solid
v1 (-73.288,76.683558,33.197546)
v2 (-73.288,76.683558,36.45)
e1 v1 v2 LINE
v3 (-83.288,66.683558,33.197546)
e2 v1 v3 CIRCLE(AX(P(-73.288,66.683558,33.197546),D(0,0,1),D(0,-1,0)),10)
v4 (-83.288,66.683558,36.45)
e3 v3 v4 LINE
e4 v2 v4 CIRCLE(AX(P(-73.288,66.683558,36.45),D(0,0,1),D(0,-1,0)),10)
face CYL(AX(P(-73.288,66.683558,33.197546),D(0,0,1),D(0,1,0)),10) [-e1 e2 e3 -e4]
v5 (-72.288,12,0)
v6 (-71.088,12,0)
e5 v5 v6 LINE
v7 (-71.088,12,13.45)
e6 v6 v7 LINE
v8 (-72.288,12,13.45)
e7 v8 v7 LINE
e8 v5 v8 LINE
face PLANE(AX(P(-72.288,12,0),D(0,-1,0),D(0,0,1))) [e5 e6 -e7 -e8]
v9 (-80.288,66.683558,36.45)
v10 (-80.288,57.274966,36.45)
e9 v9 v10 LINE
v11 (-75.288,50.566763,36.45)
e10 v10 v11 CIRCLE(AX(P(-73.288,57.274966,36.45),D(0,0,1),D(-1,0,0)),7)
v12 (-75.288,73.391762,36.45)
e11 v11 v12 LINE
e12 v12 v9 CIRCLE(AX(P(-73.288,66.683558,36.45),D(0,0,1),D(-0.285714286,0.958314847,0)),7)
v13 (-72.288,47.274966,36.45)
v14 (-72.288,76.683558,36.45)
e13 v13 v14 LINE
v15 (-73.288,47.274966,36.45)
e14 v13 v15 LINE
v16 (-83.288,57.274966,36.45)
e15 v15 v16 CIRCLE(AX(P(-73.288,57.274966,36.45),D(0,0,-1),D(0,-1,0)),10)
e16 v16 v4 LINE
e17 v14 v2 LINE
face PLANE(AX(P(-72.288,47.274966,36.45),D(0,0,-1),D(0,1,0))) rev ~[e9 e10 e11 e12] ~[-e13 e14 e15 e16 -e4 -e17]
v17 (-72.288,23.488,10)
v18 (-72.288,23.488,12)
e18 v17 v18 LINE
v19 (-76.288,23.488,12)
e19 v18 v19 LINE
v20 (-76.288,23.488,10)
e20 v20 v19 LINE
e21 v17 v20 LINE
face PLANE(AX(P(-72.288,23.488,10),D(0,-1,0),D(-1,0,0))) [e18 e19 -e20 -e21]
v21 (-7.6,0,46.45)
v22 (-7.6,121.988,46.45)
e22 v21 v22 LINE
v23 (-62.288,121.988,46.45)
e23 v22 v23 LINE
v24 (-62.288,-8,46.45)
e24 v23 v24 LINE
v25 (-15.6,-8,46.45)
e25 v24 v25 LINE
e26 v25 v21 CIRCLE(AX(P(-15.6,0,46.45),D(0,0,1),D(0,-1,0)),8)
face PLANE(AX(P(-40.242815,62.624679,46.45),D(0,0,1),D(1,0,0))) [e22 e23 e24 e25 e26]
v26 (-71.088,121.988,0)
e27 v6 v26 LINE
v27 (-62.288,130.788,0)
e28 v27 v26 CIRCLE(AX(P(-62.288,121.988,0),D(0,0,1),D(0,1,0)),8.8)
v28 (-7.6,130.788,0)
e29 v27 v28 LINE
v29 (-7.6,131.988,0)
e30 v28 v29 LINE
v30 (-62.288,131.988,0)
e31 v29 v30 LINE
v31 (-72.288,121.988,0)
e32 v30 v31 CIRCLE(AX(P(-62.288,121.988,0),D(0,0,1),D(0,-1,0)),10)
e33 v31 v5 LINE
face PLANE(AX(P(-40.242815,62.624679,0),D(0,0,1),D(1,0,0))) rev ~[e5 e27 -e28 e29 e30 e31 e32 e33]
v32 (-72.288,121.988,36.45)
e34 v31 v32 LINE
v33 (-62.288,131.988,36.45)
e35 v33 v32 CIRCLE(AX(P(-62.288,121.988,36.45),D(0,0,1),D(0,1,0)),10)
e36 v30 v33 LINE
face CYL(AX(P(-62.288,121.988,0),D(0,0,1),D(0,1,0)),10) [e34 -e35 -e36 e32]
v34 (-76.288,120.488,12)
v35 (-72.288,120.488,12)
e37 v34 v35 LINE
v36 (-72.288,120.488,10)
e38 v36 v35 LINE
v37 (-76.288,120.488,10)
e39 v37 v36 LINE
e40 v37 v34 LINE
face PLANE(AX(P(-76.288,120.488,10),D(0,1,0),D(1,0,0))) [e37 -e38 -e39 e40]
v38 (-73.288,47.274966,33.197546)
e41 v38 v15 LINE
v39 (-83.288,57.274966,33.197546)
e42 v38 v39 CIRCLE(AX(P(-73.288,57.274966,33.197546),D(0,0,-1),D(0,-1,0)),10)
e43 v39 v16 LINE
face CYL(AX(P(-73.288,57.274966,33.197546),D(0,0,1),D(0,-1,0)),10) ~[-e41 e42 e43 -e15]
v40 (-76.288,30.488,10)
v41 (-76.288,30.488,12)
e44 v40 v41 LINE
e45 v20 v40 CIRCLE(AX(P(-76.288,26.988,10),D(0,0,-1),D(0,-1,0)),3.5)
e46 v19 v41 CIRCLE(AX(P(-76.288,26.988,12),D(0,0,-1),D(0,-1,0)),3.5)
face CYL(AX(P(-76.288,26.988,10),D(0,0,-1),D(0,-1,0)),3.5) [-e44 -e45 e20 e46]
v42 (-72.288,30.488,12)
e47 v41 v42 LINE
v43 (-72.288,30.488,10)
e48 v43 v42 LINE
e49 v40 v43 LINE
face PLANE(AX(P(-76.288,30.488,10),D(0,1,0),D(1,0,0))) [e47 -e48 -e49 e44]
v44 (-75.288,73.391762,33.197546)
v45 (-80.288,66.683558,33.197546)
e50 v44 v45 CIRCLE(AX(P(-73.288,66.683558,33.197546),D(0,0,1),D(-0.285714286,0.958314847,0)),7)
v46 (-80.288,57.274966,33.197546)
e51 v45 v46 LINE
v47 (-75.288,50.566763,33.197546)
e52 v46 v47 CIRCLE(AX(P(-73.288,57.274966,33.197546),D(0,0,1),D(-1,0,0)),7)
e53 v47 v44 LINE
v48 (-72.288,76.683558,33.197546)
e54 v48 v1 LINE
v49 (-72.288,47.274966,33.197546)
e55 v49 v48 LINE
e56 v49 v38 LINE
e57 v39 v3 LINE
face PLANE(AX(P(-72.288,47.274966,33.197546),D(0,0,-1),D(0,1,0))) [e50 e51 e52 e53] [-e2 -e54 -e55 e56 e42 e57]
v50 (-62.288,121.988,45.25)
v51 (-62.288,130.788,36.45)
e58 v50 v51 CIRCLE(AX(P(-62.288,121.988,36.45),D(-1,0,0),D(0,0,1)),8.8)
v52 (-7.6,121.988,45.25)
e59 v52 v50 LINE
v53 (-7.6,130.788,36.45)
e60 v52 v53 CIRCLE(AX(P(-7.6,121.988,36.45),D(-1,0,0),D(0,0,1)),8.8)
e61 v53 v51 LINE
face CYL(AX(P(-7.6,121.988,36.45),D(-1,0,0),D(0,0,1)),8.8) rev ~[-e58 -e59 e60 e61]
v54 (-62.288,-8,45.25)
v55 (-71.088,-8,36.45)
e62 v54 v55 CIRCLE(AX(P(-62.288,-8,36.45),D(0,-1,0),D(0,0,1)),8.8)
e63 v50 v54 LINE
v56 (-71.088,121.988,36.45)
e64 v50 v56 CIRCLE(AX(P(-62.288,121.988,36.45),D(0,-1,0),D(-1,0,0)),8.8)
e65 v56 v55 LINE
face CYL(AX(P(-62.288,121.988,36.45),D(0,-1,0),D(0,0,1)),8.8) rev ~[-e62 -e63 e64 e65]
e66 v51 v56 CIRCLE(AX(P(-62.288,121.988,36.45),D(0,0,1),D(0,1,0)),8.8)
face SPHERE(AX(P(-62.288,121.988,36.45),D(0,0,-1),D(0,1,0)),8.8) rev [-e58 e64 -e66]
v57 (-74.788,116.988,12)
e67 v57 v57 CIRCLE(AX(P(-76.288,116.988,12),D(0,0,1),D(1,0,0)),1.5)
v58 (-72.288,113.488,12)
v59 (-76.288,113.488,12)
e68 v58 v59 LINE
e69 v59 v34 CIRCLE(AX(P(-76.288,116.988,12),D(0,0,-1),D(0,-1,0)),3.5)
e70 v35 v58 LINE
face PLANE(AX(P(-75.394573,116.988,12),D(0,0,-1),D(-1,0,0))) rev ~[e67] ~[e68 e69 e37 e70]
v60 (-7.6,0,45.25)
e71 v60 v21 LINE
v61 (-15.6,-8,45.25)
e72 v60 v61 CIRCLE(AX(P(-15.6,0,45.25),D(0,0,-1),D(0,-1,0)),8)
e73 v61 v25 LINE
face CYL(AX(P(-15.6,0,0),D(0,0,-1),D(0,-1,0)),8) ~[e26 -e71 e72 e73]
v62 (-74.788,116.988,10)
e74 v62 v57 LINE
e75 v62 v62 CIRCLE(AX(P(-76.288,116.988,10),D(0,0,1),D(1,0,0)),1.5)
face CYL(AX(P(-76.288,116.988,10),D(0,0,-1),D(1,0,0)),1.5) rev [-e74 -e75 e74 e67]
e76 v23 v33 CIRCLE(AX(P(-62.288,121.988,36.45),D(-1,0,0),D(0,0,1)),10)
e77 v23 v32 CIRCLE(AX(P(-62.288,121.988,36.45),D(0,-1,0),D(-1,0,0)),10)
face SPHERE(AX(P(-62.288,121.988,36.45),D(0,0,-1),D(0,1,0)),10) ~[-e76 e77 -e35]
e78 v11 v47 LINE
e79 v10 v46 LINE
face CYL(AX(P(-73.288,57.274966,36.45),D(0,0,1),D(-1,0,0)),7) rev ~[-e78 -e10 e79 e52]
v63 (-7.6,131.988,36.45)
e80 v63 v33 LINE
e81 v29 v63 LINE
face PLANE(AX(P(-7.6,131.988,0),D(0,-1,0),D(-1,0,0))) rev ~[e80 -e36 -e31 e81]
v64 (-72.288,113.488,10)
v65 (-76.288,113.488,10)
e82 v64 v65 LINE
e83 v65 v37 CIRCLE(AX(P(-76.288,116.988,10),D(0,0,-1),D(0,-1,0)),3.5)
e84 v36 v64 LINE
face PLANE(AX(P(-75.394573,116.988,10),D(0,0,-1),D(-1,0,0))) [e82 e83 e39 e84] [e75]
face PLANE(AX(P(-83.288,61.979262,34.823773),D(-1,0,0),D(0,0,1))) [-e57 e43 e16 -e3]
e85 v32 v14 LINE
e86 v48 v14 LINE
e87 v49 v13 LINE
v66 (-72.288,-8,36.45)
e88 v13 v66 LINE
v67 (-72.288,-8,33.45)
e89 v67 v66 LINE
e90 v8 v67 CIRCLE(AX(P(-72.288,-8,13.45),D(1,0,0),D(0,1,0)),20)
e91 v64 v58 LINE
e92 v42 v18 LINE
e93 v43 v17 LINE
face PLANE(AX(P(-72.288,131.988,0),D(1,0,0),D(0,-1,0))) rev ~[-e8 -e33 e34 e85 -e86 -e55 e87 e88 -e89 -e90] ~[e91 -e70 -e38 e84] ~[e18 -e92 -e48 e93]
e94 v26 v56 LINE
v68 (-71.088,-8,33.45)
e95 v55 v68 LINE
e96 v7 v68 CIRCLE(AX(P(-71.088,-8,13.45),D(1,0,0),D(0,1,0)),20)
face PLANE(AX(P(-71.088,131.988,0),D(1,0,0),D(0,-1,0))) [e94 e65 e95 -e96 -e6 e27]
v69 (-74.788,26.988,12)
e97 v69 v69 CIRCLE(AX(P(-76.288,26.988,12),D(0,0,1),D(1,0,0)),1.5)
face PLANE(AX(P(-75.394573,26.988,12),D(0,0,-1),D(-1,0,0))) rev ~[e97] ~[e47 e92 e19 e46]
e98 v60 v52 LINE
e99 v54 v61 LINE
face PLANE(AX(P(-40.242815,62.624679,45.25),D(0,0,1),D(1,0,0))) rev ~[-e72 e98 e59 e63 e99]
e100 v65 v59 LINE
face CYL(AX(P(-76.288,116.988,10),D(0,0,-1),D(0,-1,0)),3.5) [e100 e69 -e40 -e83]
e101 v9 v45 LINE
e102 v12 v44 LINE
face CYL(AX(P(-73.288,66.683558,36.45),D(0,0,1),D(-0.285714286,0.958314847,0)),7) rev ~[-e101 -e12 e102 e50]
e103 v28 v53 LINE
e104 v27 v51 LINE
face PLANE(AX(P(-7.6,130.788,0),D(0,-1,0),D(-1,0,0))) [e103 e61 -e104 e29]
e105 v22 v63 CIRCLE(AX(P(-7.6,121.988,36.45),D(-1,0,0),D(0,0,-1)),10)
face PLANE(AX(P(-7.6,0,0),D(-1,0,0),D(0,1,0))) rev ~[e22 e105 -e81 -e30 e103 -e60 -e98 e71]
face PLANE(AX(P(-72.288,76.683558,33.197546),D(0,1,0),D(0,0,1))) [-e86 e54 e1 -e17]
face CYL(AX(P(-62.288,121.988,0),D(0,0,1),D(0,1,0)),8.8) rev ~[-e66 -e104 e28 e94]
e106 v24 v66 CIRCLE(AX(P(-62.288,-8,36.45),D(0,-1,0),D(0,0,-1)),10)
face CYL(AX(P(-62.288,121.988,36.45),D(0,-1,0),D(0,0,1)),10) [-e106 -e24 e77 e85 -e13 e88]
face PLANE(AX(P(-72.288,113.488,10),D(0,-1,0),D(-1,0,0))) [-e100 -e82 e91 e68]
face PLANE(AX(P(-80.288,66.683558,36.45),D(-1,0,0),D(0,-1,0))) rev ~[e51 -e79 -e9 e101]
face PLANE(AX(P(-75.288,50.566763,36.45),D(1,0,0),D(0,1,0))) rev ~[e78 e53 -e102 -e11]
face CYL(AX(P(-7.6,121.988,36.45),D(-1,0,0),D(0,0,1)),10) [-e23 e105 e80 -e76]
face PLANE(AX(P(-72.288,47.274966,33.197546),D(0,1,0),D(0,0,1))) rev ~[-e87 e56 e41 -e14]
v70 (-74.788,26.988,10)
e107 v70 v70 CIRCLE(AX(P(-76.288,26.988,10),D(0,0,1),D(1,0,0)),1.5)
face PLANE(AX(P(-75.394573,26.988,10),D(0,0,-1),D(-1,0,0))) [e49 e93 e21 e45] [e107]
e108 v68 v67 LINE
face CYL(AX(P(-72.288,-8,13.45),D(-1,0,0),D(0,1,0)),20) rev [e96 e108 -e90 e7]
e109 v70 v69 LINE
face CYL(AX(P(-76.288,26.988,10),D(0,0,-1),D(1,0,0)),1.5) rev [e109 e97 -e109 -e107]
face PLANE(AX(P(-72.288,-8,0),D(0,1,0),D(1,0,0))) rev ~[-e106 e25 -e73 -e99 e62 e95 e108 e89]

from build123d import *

# Parameters (mm, degrees)
BOSS_EXTRUDE1_DEPTH = 46.45
FILLET1_R           = 10
FILLET2_R           = 10
SHELL1_T            = -1.2
BOSS_EXTRUDE2_START = 10
SKETCH2_R           = 1.5
BOSS_EXTRUDE2_DEPTH = 2
CUT_EXTRUDE1_DEPTH  = 1.2
SKETCH4_W           = 3.252453774
SKETCH4_H           = 29.408591544
BOSS_EXTRUDE3_DEPTH = 11
FILLET3_R           = 10
CUT_EXTRUDE2_DEPTH  = 3.252453774


with BuildPart() as part:
    # Sketch1 → Boss-Extrude1 (new body)
    with BuildSketch(Plane.XY):
        with BuildLine():
            Line((-7.6, 131.988), (-72.288, 131.988))
            Line((-72.288, 131.988), (-72.288, -8))
            Line((-72.288, -8), (-15.6, -8))
            ThreePointArc((-15.6, -8), (-9.943145751, -5.656854249), (-7.6, 0))
            Line((-7.6, 0), (-7.6, 131.988))
        make_face()
    extrude(amount=BOSS_EXTRUDE1_DEPTH)

    # Fillet1
    fillet1_edges = [part.edges().sort_by_distance(p)[0] for p in [
        (-72.288, 131.988, 23.225),
    ]]
    fillet(fillet1_edges, radius=FILLET1_R)

    # Fillet2
    fillet2_edges = [part.edges().sort_by_distance(p)[0] for p in [
        (-72.288, 56.994, 46.45),
        (-69.359067812, 129.059067812, 46.45),
        (-34.944, 131.988, 46.45),
    ]]
    fillet(fillet2_edges, radius=FILLET2_R)

    # Shell1
    shell1_openings = [part.faces().sort_by_distance(p)[0] for p in [
        (-7.6, 65.770031668, 23.151264626),
        (-43.729452835, -8, 23.052515396),
        (-9.943145751, -5.656854249, 23.225),
        (-39.918891594, 61.936645467, 0),
    ]]
    offset(amount=SHELL1_T, openings=shell1_openings, kind=Kind.INTERSECTION)

    # Sketch2 → Boss-Extrude2 (add)
    # profile 1 of 2: a face of its own
    with BuildSketch(Plane.XY.offset(BOSS_EXTRUDE2_START)):
        with BuildLine():
            Line((-76.288, 120.488), (-72.288, 120.488))
            Line((-72.288, 120.488), (-72.288, 113.488))
            Line((-72.288, 113.488), (-76.288, 113.488))
            ThreePointArc((-76.288, 113.488), (-79.788, 116.988), (-76.288, 120.488))
        make_face()
        with Locations((-76.288, 116.988)):
            Circle(SKETCH2_R, mode=Mode.SUBTRACT)
    # profile 2 of 2: a face of its own
    with BuildSketch(Plane.XY.offset(BOSS_EXTRUDE2_START)):
        with BuildLine():
            Line((-76.288, 30.488), (-72.288, 30.488))
            Line((-72.288, 30.488), (-72.288, 23.488))
            Line((-72.288, 23.488), (-76.288, 23.488))
            ThreePointArc((-76.288, 23.488), (-79.788, 26.988), (-76.288, 30.488))
        make_face()
        with Locations((-76.288, 26.988)):
            Circle(SKETCH2_R, mode=Mode.SUBTRACT)
    extrude(amount=BOSS_EXTRUDE2_DEPTH)

    # Sketch3 → Cut-Extrude1 (cut)
    with BuildSketch(Plane.ZY.offset(72.288)):
        with BuildLine():
            Line((0, 12), (13.45, 12))
            ThreePointArc((13.45, 12), (33.45, -8), (13.45, -28))
            Line((13.45, -28), (0, -28))
            ThreePointArc((0, -28), (-20, -8), (0, 12))
        make_face()
    extrude(amount=-CUT_EXTRUDE1_DEPTH, mode=Mode.SUBTRACT)

    # Sketch4 → Boss-Extrude3 (add)
    with BuildSketch(Plane.ZY.offset(72.288)):
        with Locations((34.823773113, 61.979262262)):
            Rectangle(SKETCH4_W, SKETCH4_H)
    extrude(amount=BOSS_EXTRUDE3_DEPTH)

    # Fillet3
    fillet3_edges = [part.edges().sort_by_distance(p)[0] for p in [
        (-83.288, 76.683558034, 34.823773113),
        (-83.288, 47.27496649, 34.823773113),
    ]]
    fillet(fillet3_edges, radius=FILLET3_R)

    # Sketch5 → Cut-Extrude2 (cut)
    with BuildSketch(Plane.XY.offset(36.45)):
        with BuildLine():
            Line((-80.288, 66.683558034), (-80.288, 57.27496649))
            ThreePointArc((-80.288, 57.27496649), (-78.90048608, 53.091666357), (-75.288, 50.566762558))
            Line((-75.288, 50.566762558), (-75.288, 73.391761966))
            ThreePointArc((-75.288, 73.391761966), (-78.90048608, 70.866858166), (-80.288, 66.683558034))
        make_face()
    extrude(amount=-CUT_EXTRUDE2_DEPTH, mode=Mode.SUBTRACT)


solid = part.part
